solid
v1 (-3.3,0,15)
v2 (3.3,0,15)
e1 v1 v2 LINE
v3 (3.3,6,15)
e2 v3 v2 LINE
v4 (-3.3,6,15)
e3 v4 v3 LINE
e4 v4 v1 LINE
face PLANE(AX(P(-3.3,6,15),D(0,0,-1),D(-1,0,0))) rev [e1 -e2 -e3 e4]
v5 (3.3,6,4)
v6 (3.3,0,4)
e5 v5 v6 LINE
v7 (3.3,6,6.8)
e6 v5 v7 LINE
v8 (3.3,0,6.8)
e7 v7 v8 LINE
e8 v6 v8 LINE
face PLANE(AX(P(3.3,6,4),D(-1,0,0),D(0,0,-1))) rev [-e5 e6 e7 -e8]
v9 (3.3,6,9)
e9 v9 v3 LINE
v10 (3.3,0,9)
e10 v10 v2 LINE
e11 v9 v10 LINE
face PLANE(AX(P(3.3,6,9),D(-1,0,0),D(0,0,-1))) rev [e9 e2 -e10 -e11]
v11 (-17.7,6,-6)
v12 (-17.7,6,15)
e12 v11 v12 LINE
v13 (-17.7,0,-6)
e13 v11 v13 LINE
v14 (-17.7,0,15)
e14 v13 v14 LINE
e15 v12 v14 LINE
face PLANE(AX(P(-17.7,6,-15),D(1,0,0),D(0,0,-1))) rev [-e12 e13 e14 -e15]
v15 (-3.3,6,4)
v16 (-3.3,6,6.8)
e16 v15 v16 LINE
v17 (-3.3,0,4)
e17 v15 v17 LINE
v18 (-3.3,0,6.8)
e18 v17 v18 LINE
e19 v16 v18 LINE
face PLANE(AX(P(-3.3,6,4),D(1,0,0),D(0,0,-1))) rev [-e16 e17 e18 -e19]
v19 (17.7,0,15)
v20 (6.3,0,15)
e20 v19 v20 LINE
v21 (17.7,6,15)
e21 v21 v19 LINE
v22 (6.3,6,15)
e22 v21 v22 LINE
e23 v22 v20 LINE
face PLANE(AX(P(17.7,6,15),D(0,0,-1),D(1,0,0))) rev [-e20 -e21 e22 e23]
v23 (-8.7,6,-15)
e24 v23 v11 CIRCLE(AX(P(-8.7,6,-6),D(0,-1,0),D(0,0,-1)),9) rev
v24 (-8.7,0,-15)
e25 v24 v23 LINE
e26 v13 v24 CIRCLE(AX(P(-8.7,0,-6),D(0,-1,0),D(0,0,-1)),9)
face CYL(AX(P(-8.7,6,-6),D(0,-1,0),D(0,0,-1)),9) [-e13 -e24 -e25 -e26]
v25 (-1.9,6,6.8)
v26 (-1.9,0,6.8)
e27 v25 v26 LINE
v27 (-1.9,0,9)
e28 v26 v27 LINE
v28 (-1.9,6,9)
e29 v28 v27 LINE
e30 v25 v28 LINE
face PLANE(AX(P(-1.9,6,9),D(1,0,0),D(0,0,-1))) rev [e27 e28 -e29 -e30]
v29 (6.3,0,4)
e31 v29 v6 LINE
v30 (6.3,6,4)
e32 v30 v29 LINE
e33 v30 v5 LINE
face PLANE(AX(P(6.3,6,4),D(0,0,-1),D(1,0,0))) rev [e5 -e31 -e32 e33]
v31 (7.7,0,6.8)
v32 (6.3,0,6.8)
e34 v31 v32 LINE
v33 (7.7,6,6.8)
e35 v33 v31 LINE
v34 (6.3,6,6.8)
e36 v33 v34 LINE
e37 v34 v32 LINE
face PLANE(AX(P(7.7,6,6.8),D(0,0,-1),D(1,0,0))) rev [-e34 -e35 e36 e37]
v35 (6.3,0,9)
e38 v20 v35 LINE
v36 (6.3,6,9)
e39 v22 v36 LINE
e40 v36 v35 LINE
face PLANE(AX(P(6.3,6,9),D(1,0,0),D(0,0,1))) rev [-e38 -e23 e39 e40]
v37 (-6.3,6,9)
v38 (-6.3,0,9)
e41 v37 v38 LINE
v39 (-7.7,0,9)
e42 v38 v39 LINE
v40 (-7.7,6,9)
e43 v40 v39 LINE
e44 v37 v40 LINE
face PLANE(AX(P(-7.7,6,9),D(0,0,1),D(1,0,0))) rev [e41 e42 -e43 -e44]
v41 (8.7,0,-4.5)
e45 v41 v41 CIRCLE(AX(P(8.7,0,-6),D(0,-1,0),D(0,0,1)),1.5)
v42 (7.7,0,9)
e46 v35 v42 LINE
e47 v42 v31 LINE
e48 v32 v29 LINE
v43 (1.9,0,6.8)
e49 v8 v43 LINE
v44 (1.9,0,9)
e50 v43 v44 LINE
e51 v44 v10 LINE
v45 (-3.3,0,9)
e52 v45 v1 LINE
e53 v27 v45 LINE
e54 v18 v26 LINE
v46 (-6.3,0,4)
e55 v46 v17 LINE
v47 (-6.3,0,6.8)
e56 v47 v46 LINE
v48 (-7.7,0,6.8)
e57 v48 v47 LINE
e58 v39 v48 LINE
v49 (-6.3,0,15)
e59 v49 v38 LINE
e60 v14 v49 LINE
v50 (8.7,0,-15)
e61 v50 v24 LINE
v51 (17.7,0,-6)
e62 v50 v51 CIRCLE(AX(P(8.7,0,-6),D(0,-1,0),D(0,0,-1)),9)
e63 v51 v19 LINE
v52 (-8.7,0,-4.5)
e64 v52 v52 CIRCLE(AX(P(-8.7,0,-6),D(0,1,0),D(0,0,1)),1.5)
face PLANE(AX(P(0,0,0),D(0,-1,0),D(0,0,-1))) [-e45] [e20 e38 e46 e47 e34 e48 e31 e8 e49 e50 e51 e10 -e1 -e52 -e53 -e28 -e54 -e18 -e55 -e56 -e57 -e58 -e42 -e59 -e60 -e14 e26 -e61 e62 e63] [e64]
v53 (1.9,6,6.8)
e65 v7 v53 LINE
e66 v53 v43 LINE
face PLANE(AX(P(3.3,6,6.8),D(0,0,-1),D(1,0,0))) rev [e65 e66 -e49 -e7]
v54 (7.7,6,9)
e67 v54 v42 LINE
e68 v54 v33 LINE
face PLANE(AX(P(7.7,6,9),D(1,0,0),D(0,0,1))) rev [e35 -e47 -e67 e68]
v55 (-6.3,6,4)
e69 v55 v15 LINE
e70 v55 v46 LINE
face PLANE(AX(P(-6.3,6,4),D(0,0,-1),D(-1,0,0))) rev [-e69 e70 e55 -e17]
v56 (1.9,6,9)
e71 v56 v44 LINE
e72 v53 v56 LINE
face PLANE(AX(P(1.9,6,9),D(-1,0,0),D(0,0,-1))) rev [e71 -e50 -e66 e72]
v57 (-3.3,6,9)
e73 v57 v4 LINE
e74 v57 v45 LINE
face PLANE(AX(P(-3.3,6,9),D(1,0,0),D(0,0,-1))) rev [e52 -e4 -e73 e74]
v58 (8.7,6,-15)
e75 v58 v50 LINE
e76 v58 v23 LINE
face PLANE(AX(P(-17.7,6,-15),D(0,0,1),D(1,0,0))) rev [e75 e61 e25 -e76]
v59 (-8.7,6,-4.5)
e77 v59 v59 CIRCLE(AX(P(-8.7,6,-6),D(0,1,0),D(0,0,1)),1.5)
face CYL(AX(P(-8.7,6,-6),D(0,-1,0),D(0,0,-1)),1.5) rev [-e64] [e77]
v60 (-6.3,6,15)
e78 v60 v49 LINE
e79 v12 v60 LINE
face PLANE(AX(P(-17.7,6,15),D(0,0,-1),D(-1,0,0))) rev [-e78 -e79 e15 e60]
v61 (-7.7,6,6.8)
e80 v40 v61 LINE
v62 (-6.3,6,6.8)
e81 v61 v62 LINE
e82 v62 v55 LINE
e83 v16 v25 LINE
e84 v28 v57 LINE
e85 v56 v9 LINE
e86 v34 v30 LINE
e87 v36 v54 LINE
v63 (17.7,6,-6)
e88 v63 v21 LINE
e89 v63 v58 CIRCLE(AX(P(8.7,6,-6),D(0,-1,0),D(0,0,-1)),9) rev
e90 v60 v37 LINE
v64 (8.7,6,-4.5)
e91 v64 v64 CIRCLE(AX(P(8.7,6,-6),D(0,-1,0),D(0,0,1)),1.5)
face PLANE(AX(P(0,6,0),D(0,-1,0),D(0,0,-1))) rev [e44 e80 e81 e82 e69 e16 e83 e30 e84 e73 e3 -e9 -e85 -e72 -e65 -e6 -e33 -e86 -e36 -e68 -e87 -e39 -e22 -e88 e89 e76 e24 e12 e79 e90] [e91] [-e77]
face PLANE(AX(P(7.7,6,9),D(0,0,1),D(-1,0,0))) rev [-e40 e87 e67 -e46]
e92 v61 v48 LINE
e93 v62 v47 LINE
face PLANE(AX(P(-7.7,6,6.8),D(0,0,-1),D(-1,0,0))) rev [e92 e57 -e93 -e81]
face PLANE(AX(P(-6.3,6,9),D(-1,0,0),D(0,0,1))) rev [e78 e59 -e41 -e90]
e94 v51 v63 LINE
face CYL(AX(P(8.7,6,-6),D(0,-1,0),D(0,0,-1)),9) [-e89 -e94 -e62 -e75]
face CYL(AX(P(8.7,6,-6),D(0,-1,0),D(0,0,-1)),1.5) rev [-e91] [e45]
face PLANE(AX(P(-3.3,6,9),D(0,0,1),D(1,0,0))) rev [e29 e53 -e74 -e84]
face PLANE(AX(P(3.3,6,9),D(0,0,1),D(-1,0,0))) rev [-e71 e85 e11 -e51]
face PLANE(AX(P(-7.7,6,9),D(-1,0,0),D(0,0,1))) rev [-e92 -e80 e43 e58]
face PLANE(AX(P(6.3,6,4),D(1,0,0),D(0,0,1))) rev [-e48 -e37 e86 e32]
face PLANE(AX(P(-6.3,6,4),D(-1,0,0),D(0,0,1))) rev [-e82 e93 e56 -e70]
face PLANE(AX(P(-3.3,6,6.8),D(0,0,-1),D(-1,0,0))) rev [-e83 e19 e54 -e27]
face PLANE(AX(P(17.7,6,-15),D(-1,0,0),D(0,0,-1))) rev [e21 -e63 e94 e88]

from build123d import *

# Parameters (mm, degrees)
SKETCH1_R           = 1.5
BOSS_EXTRUDE1_DEPTH = 6
FILLET1_R           = 9


with BuildPart() as part:
    # Sketch1 → Boss-Extrude1 (new body)
    with BuildSketch(Plane(origin=(0, 0, 0), x_dir=(1, 0, 0), z_dir=(0, 1, 0))):
        Polygon((-17.7, 15), (0, 15), (0, -15), (-3.3, -15), (-3.3, -9), (-1.9, -9), (-1.9, -6.8), (-3.3, -6.8), (-3.3, -4), (-6.3, -4), (-6.3, -6.8), (-7.7, -6.8), (-7.7, -9), (-6.3, -9), (-6.3, -15), (-17.7, -15), align=None)
        with Locations((-8.7, 6)):
            Circle(SKETCH1_R, mode=Mode.SUBTRACT)
    extrude(amount=BOSS_EXTRUDE1_DEPTH)

    # Mirror1: part across plane


with BuildPart() as part_1:
    add(part.part)
    add(part.part.mirror(Plane(origin=(0, 6, -15), x_dir=(0, 0, 1), z_dir=(-1, 0, 0))))

    # Fillet1
    fillet1_edges = [part_1.edges().sort_by_distance(p)[0] for p in [
        (17.7, 3, -15),
        (-17.7, 3, -15),
    ]]
    fillet(fillet1_edges, radius=FILLET1_R)


solid = part_1.part
